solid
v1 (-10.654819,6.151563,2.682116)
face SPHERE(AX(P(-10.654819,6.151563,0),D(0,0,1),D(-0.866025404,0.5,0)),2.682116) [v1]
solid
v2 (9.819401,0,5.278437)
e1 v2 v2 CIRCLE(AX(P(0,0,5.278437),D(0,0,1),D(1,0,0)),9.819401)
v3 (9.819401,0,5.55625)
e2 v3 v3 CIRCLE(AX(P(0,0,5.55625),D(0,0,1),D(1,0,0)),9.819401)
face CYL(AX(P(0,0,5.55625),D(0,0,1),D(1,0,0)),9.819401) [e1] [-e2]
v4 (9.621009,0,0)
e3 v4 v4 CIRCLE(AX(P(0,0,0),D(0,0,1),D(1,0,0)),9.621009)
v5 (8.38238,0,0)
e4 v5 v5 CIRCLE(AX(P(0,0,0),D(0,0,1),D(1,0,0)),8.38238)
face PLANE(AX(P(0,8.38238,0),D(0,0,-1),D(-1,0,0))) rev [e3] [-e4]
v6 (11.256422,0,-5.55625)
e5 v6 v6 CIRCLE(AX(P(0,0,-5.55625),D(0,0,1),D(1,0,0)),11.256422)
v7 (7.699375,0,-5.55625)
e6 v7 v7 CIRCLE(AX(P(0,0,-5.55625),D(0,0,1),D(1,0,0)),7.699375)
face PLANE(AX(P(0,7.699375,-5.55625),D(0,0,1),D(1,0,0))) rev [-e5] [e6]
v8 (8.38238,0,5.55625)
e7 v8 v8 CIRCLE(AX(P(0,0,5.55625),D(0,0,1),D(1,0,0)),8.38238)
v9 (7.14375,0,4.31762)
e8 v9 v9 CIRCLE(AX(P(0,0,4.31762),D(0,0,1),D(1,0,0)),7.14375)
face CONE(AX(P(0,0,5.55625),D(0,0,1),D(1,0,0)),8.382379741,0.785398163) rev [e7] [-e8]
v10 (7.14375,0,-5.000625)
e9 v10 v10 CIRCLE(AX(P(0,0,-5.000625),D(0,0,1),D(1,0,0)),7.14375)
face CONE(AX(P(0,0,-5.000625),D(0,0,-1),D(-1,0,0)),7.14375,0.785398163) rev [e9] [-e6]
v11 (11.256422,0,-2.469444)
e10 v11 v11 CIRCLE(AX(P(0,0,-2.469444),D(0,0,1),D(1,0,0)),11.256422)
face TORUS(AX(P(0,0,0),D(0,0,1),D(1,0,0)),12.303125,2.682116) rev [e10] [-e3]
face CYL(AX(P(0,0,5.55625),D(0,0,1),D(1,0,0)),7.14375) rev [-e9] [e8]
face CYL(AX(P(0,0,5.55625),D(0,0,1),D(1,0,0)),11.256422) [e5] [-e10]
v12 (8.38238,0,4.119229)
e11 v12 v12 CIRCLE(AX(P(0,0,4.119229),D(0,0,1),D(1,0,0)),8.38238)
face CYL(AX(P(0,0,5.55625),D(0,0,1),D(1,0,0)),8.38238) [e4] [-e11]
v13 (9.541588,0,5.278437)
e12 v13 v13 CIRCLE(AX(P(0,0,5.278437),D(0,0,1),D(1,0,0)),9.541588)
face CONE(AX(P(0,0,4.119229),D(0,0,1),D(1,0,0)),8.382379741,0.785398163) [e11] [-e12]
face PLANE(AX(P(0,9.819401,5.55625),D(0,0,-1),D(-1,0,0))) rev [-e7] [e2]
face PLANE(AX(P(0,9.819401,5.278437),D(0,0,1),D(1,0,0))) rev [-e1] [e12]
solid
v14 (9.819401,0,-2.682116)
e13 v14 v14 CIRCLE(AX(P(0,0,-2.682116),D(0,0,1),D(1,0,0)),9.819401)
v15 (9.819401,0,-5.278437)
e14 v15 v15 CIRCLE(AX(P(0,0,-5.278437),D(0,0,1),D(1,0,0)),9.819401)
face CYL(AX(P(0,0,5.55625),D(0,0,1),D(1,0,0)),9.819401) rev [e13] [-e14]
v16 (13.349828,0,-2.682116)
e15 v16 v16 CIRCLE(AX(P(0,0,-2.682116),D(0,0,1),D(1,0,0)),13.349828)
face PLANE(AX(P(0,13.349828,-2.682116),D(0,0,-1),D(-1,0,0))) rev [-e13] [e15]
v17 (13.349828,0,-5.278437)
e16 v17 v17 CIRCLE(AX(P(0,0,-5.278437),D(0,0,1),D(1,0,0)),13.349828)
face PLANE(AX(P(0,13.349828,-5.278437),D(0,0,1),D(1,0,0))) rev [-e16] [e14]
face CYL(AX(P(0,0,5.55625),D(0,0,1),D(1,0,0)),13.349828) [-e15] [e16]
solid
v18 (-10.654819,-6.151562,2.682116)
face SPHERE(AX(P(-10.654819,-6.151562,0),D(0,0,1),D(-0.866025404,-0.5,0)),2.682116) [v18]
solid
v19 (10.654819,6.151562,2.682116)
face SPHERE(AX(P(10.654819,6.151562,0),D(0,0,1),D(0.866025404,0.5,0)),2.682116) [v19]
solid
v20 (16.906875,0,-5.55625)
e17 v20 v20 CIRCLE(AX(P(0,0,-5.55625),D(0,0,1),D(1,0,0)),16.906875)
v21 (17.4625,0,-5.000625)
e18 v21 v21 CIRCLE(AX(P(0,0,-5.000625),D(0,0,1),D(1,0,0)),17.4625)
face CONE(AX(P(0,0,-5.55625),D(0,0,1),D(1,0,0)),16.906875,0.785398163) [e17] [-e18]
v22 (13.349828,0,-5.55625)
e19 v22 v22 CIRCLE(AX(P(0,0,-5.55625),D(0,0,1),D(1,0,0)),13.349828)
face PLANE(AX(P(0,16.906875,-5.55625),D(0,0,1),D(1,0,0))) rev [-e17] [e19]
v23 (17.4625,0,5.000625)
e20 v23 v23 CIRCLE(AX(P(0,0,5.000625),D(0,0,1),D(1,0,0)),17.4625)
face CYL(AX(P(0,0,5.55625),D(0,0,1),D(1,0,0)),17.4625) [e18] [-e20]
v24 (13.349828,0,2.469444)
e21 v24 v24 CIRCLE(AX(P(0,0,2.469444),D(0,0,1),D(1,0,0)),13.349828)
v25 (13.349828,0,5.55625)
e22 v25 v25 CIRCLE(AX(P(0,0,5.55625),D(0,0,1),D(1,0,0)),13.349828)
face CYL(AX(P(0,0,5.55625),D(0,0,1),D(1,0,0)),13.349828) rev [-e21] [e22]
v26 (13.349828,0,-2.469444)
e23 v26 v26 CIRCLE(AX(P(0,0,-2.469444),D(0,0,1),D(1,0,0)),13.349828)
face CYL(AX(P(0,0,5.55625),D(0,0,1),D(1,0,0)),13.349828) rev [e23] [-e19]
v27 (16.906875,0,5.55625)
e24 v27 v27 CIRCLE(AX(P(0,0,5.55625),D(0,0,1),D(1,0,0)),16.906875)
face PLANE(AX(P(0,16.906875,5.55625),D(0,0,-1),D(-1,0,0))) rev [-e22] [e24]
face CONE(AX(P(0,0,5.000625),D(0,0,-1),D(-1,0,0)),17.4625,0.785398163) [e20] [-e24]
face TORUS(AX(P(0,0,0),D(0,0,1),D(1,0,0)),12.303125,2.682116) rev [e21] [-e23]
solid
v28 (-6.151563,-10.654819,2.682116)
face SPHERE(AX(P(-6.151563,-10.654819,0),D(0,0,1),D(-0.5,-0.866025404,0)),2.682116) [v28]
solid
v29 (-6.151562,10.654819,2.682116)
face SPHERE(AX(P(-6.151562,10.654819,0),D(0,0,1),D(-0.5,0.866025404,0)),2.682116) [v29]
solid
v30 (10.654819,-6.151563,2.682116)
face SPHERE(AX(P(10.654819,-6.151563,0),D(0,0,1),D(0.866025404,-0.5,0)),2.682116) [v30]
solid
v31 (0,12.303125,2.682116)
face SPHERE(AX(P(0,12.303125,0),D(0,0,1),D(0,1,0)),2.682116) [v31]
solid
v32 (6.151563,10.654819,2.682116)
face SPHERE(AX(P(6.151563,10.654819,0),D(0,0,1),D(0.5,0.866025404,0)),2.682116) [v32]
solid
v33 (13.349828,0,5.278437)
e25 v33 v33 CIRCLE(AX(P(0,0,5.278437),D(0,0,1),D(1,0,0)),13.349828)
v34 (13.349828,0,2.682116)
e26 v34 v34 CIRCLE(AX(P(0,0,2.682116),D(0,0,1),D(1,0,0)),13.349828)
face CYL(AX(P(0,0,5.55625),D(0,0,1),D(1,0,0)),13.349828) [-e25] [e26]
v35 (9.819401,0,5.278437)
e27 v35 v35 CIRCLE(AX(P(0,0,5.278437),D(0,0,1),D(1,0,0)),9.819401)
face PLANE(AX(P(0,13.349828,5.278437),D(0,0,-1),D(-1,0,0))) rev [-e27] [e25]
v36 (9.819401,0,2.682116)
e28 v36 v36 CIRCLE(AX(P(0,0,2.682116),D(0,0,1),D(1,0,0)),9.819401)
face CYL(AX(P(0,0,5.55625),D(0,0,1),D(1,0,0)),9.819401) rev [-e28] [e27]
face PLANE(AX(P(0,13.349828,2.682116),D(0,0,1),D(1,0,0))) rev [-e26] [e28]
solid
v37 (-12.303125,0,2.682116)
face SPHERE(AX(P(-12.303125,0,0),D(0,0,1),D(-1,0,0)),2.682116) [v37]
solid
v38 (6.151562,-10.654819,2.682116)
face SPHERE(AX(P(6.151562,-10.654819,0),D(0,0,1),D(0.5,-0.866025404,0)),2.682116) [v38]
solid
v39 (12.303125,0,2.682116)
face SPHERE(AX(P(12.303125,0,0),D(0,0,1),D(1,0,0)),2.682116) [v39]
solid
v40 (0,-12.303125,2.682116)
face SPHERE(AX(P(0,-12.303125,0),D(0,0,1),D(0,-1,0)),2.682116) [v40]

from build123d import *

# Parameters (mm, degrees)
CIRPATTERN1_COUNT = 12
SKETCH5_W         = 2.596321981
SKETCH5_H         = 3.530427575


with BuildPart() as part:
    # Sketch1 → Revolve1 (revolve)
    with BuildSketch(Plane(origin=(0, 0, 0), x_dir=(0, 0, -1), z_dir=(1, 0, 0))):
        with BuildLine():
            Line((5.000625, 17.4625), (-5.000625, 17.4625))
            Line((-5.000625, 17.4625), (-5.55625, 16.906875))
            Line((-5.55625, 16.906875), (-5.55625, 13.349828297))
            Line((-5.55625, 13.349828297), (-2.469444444, 13.349828297))
            ThreePointArc((-2.469444444, 13.349828297), (0, 14.985240519), (2.469444444, 13.349828297))
            Line((2.469444444, 13.349828297), (5.55625, 13.349828297))
            Line((5.55625, 13.349828297), (5.55625, 16.906875))
            Line((5.55625, 16.906875), (5.000625, 17.4625))
        make_face()
    revolve(axis=Axis((0, 0, 5.55625), (0, 0, -1)))


with BuildPart() as body_2:
    # Sketch3 → Revolve3 (revolve)
    with BuildSketch(Plane(origin=(0, 0, 0), x_dir=(0, 0, -1), z_dir=(1, 0, 0))):
        with BuildLine():
            Line((-5.2784375, 9.541588222), (-4.119229019, 8.382379741))
            Line((-4.119229019, 8.382379741), (0, 8.382379741))
            Line((0, 8.382379741), (0, 9.621009481))
            ThreePointArc((0, 9.621009481), (1.480939651, 10.066931492), (2.469444444, 11.256421703))
            Line((2.469444444, 11.256421703), (5.55625, 11.256421703))
            Line((5.55625, 11.256421703), (5.55625, 7.699375))
            Line((5.55625, 7.699375), (5.000625, 7.14375))
            Line((5.000625, 7.14375), (-4.317620259, 7.14375))
            Line((-4.317620259, 7.14375), (-5.55625, 8.382379741))
            Line((-5.55625, 8.382379741), (-5.55625, 9.819400722))
            Line((-5.55625, 9.819400722), (-5.2784375, 9.819400722))
            Line((-5.2784375, 9.819400722), (-5.2784375, 9.541588222))
        make_face()
    revolve(axis=Axis((0, 0, 5.55625), (0, 0, -1)))


with BuildPart() as body_3:
    # Sketch4 → Revolve4 (revolve)
    with BuildSketch(Plane(origin=(0, 0, 0), x_dir=(0, 0, -1), z_dir=(1, 0, 0))):
        with BuildLine():
            Line((-2.682115519, 12.303125), (2.682115519, 12.303125))
            ThreePointArc((2.682115519, 12.303125), (0, 14.985240519), (-2.682115519, 12.303125))
        make_face()
    revolve(axis=Axis((0, 12.303125, 2.682115519), (0, 0, -1)))


with BuildPart() as cirpattern1_1:
    # CirPattern1: pattern copy
    add(body_3.part.rotate(Axis((0, 0, -5.55625), (0, 0, 1)), 1 * 360 / CIRPATTERN1_COUNT))


with BuildPart() as cirpattern1_2:
    # CirPattern1: pattern copy
    add(body_3.part.rotate(Axis((0, 0, -5.55625), (0, 0, 1)), 2 * 360 / CIRPATTERN1_COUNT))


with BuildPart() as cirpattern1_3:
    # CirPattern1: pattern copy
    add(body_3.part.rotate(Axis((0, 0, -5.55625), (0, 0, 1)), 3 * 360 / CIRPATTERN1_COUNT))


with BuildPart() as cirpattern1_4:
    # CirPattern1: pattern copy
    add(body_3.part.rotate(Axis((0, 0, -5.55625), (0, 0, 1)), 4 * 360 / CIRPATTERN1_COUNT))


with BuildPart() as cirpattern1_5:
    # CirPattern1: pattern copy
    add(body_3.part.rotate(Axis((0, 0, -5.55625), (0, 0, 1)), 5 * 360 / CIRPATTERN1_COUNT))


with BuildPart() as cirpattern1_6:
    # CirPattern1: pattern copy
    add(body_3.part.rotate(Axis((0, 0, -5.55625), (0, 0, 1)), 6 * 360 / CIRPATTERN1_COUNT))


with BuildPart() as cirpattern1_7:
    # CirPattern1: pattern copy
    add(body_3.part.rotate(Axis((0, 0, -5.55625), (0, 0, 1)), 7 * 360 / CIRPATTERN1_COUNT))


with BuildPart() as cirpattern1_8:
    # CirPattern1: pattern copy
    add(body_3.part.rotate(Axis((0, 0, -5.55625), (0, 0, 1)), 8 * 360 / CIRPATTERN1_COUNT))


with BuildPart() as cirpattern1_9:
    # CirPattern1: pattern copy
    add(body_3.part.rotate(Axis((0, 0, -5.55625), (0, 0, 1)), 9 * 360 / CIRPATTERN1_COUNT))


with BuildPart() as cirpattern1_10:
    # CirPattern1: pattern copy
    add(body_3.part.rotate(Axis((0, 0, -5.55625), (0, 0, 1)), 10 * 360 / CIRPATTERN1_COUNT))


with BuildPart() as cirpattern1_11:
    # CirPattern1: pattern copy
    add(body_3.part.rotate(Axis((0, 0, -5.55625), (0, 0, 1)), 11 * 360 / CIRPATTERN1_COUNT))


with BuildPart() as body_15:
    # Sketch5 → Revolve5 (revolve)
    with BuildSketch(Plane(origin=(0, 0, 0), x_dir=(0, 0, -1), z_dir=(1, 0, 0))):
        with Locations((-3.98027651, 11.584614509)):
            Rectangle(SKETCH5_W, SKETCH5_H)
        with Locations((3.98027651, 11.584614509)):
            Rectangle(SKETCH5_W, SKETCH5_H)
    revolve(axis=Axis((0, 0, 5.55625), (0, 0, -1)))


solid = Compound([part.part, body_2.part, body_3.part, cirpattern1_1.part, cirpattern1_2.part, cirpattern1_3.part, cirpattern1_4.part, cirpattern1_5.part, cirpattern1_6.part, cirpattern1_7.part, cirpattern1_8.part, cirpattern1_9.part, cirpattern1_10.part, cirpattern1_11.part, body_15.part])
